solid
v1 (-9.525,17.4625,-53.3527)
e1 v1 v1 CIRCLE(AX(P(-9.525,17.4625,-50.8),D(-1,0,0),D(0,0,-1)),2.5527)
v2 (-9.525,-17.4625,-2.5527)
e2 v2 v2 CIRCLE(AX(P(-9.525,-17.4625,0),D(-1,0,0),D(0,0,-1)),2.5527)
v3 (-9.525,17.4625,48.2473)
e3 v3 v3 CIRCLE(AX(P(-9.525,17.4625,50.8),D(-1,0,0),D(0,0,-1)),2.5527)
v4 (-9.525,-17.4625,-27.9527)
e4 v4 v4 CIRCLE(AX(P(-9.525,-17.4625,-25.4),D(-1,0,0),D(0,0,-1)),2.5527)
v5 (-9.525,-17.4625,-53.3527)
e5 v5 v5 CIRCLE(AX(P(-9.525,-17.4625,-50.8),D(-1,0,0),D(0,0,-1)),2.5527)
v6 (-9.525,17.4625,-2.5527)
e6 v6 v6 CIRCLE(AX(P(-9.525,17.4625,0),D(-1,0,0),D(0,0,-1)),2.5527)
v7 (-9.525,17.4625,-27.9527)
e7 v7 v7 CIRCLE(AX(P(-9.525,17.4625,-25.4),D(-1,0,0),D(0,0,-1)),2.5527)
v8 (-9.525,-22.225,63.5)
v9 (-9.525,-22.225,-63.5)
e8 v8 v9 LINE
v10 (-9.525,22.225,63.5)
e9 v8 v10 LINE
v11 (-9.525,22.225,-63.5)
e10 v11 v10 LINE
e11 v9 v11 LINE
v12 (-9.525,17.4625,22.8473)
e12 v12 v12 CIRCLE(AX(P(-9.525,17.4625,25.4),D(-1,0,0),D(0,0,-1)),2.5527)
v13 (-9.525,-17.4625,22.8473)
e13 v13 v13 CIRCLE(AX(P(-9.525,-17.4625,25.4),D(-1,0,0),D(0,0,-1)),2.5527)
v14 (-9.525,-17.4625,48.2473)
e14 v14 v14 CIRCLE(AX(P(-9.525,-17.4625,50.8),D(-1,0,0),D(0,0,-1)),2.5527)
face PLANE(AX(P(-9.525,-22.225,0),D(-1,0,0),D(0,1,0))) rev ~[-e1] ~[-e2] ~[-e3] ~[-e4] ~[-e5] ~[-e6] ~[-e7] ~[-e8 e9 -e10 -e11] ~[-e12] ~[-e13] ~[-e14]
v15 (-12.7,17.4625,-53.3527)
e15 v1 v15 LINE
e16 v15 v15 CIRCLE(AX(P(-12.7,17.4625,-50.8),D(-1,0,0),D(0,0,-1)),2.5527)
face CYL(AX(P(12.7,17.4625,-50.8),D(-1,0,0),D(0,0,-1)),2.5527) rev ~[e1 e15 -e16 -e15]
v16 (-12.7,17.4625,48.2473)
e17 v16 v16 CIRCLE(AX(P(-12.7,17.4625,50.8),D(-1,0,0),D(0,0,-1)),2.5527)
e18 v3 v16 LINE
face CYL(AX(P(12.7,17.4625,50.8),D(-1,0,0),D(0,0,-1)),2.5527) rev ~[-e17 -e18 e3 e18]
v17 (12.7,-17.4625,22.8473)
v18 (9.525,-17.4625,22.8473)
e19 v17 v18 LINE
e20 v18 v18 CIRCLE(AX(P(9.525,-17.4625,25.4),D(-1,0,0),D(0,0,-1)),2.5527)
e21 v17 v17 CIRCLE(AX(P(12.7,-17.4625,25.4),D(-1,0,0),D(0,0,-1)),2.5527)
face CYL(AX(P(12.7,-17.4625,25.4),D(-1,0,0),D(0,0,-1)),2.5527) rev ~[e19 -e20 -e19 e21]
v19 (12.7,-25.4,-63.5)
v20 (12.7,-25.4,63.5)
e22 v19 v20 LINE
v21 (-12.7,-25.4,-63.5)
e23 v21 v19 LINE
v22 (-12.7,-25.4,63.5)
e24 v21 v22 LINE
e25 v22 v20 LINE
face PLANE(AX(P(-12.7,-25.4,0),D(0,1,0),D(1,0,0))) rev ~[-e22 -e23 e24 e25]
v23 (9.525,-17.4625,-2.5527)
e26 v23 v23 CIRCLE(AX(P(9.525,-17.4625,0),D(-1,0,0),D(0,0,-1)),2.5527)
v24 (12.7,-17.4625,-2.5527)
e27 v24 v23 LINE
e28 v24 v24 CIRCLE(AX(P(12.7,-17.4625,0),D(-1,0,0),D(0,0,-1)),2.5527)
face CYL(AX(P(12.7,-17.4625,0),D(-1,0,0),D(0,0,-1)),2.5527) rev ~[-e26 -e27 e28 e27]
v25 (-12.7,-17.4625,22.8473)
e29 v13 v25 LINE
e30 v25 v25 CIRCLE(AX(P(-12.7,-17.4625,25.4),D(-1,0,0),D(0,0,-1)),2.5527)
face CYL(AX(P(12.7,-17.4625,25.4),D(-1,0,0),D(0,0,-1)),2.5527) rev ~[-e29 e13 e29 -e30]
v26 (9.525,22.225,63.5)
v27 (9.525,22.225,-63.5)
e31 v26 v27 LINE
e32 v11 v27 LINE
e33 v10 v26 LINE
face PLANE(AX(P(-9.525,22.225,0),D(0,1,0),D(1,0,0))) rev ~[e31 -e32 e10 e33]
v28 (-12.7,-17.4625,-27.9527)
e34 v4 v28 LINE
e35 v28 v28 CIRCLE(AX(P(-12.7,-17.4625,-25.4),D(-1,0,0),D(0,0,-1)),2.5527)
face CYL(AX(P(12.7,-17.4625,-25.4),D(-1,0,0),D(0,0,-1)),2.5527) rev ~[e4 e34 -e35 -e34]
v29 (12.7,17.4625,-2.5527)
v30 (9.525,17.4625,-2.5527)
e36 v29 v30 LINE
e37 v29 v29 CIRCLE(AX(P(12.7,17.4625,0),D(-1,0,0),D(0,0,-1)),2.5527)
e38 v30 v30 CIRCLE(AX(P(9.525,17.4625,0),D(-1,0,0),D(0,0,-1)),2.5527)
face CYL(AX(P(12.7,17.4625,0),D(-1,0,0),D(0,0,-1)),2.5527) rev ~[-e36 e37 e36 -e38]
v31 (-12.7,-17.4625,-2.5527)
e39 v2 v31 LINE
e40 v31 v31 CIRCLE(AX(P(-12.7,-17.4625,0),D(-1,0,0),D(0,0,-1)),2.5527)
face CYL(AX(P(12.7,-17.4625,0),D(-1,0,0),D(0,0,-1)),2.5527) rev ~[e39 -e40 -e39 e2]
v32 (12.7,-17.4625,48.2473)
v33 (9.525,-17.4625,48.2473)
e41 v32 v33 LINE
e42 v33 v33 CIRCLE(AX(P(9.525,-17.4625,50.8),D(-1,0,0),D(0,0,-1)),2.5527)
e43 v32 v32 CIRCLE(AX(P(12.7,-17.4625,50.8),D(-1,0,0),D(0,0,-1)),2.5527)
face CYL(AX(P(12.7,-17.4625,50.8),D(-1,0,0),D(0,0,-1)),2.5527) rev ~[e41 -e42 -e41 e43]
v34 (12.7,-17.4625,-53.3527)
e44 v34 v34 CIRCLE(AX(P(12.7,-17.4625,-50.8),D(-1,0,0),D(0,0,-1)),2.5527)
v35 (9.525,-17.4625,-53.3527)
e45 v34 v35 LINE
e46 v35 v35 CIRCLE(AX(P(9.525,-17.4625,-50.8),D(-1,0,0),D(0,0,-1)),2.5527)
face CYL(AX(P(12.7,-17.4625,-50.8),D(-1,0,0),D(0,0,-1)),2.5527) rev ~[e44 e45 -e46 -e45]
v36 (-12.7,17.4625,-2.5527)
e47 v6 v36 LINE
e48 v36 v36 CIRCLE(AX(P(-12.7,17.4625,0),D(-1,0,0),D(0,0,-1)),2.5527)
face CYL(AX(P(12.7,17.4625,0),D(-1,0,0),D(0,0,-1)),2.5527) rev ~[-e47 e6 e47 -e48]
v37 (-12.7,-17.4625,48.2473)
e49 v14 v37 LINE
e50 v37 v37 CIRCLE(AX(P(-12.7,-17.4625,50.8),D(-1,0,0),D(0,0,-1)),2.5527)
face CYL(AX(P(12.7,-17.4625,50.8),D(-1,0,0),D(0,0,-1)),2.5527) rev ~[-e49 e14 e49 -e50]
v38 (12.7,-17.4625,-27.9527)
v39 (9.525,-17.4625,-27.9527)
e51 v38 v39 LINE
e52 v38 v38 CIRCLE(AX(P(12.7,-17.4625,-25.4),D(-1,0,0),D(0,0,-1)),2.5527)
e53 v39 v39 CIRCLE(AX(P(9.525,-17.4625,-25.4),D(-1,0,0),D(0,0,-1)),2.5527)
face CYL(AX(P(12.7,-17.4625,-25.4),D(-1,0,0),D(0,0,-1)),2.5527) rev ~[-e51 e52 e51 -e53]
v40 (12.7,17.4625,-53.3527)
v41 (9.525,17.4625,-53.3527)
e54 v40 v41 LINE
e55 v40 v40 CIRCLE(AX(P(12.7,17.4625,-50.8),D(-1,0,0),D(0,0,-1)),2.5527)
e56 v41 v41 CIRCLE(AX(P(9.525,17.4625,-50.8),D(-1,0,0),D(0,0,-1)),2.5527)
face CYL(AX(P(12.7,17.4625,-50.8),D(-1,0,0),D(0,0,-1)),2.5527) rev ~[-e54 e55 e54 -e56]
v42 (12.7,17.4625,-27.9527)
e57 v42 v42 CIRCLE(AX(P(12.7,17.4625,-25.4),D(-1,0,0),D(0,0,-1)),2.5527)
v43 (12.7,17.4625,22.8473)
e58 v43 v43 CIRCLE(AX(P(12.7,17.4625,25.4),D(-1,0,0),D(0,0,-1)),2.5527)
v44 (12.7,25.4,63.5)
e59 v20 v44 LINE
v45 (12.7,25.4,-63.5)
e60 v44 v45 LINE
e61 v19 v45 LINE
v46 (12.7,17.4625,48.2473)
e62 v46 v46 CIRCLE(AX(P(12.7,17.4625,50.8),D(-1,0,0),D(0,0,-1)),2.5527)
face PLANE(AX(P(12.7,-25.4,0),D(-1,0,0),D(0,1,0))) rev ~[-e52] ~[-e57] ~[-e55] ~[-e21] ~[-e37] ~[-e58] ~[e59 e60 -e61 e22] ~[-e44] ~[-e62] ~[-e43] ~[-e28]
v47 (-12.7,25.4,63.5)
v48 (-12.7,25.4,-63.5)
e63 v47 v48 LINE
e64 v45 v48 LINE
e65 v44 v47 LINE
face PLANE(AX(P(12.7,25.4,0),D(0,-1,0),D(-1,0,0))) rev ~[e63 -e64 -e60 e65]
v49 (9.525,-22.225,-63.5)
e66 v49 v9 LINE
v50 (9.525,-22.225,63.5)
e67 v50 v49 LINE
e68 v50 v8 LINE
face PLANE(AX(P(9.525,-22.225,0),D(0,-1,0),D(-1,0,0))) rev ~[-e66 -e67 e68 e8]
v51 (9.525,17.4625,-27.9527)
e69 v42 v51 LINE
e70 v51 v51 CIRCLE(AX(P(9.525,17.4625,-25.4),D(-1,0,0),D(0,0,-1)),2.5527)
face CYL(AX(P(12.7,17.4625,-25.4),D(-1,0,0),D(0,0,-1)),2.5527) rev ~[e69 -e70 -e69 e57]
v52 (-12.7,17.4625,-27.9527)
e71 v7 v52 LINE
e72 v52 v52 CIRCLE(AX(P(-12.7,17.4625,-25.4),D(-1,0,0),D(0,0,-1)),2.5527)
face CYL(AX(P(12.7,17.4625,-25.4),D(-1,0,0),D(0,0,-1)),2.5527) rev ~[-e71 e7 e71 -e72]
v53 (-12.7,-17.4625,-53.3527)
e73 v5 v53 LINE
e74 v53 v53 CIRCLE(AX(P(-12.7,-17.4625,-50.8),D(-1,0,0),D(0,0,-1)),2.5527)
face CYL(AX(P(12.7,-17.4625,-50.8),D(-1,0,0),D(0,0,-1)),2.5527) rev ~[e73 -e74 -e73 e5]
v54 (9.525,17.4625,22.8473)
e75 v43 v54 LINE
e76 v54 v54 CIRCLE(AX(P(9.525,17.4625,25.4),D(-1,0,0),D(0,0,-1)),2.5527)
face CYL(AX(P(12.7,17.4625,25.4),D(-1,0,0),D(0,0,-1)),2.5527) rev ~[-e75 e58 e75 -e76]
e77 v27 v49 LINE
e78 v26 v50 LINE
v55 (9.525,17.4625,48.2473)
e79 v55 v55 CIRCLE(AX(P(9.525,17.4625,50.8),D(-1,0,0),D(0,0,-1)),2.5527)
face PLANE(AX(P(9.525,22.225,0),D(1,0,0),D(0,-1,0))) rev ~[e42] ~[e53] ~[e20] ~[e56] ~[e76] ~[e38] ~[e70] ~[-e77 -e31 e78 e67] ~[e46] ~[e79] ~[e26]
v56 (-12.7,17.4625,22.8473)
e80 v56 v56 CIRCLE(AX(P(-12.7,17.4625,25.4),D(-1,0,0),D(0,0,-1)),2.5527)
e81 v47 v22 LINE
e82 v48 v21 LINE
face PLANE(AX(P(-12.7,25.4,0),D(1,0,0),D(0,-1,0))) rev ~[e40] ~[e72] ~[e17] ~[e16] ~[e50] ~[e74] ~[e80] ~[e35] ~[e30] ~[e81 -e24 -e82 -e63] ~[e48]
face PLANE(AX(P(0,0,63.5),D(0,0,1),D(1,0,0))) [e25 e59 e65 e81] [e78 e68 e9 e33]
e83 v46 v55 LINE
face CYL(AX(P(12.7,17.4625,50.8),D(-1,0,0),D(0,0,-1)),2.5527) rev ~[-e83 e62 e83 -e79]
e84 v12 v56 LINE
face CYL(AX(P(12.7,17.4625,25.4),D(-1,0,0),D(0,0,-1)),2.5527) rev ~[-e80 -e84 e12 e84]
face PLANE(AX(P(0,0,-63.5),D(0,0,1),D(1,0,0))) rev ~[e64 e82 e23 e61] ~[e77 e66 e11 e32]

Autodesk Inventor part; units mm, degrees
ref_plane "YZ Plane" through (0, 0, 0) normal (1, 0, 0) x (0, 1, 0)
ref_plane "XZ Plane" through (0, 0, 0) normal (0, 1, 0) x (-1, 0, 0)
ref_plane "XY Plane" through (0, 0, 0) normal (0, 0, 1) x (1, 0, 0)
sketch "Sketch1" plane through (0, 0, 0) normal (0, 0, 1) x (1, 0, 0)
  line L0 (-12.7, -25.4) -> (12.7, -25.4)
  line L1 (12.7, -25.4) -> (12.7, 25.4)
  line L2 (12.7, 25.4) -> (-12.7, 25.4)
  line L3 (-12.7, 25.4) -> (-12.7, -25.4)
  line L4 (-12.7, -25.4) -> (12.7, 25.4) construction
  line L5 (12.7, -25.4) -> (-12.7, 25.4) construction
  line L6 (-9.525, 22.225) -> (9.525, 22.225)
  line L7 (9.525, 22.225) -> (9.525, -22.225)
  line L8 (9.525, -22.225) -> (-9.525, -22.225)
  line L9 (-9.525, -22.225) -> (-9.525, 22.225)
  point P0 (0, 0)
  dimension "width" = 25.4
  dimension "height" = 50.8
  dimension "thickness" = 3.175
extrude "Extrusion1" add sketch "Sketch1" along normal mid plane 127
sketch "Sketch2" plane through (12.7, -25.4, 63.5) normal (1, 0, 0) x (0, 0, -1)
  line L0 (127, 50.8) -> (0, 50.8) construction
  line L1 (0, 0) -> (0, 50.8) construction
  line L2 (127, 0) -> (0, 0) construction
  line L3 (127, 50.8) -> (127, 0) construction
  circle A0 centre (114.3, 42.8625) radius 4.7625 construction
  line L4 (0, 47.625) -> (127, 47.625) construction
  circle A1 centre (114.3, 7.9375) radius 4.7625 construction
  line L5 (0, 3.175) -> (127, 3.175) construction
  point P0 (63.5, 25.4)
  point P1 (88.9, 42.8625)
  point P2 (88.9, 7.9375)
  point P3 (63.5, 42.8625)
  point P4 (63.5, 7.9375)
  point P5 (38.1, 42.8625)
  point P6 (38.1, 7.9375)
  point P7 (12.7, 42.8625)
  point P8 (12.7, 7.9375)
  point P9 (-12.7, 42.8625)
  point P10 (-12.7, 7.9375)
  point P11 (-38.1, 42.8625)
  point P12 (-38.1, 7.9375)
  point P13 (-63.5, 42.8625)
  point P14 (-63.5, 7.9375)
  point P15 (-88.9, 42.8625)
  point P16 (-88.9, 7.9375)
  point P17 (-114.3, 42.8625)
  point P18 (-114.3, 7.9375)
  dimension "d5" = 9.525
  dimension "d6" = 9.525
  dimension "d7" = 12.7
  dimension "d10" = 25.4
hole "Hole1" at (12.7, 17.4625, -50.8) at (12.7, -17.4625, -50.8) at (12.7, 17.4625, -25.4) at (12.7, -17.4625, -25.4) at (12.7, 17.4625, 0) at (12.7, -17.4625, 0) at (12.7, 17.4625, 25.4) at (12.7, -17.4625, 25.4) at (12.7, 17.4625, 50.8) at (12.7, -17.4625, 50.8) at (12.7, 17.4625, 76.2) at (12.7, -17.4625, 76.2) at (12.7, 17.4625, 101.6) at (12.7, -17.4625, 101.6) at (12.7, 17.4625, 127) at (12.7, -17.4625, 127) at (12.7, 17.4625, 152.4) at (12.7, -17.4625, 152.4) at (12.7, 17.4625, 177.8) at (12.7, -17.4625, 177.8) direction (-1, 0, 0) diameter 5.1054 end through all clearance for "Flat Head Machine Screw (82)" size "#10" standard "Ansi Unified Screw Threads"
properties part number "EL2-S-001" material "Aluminum 6061"
